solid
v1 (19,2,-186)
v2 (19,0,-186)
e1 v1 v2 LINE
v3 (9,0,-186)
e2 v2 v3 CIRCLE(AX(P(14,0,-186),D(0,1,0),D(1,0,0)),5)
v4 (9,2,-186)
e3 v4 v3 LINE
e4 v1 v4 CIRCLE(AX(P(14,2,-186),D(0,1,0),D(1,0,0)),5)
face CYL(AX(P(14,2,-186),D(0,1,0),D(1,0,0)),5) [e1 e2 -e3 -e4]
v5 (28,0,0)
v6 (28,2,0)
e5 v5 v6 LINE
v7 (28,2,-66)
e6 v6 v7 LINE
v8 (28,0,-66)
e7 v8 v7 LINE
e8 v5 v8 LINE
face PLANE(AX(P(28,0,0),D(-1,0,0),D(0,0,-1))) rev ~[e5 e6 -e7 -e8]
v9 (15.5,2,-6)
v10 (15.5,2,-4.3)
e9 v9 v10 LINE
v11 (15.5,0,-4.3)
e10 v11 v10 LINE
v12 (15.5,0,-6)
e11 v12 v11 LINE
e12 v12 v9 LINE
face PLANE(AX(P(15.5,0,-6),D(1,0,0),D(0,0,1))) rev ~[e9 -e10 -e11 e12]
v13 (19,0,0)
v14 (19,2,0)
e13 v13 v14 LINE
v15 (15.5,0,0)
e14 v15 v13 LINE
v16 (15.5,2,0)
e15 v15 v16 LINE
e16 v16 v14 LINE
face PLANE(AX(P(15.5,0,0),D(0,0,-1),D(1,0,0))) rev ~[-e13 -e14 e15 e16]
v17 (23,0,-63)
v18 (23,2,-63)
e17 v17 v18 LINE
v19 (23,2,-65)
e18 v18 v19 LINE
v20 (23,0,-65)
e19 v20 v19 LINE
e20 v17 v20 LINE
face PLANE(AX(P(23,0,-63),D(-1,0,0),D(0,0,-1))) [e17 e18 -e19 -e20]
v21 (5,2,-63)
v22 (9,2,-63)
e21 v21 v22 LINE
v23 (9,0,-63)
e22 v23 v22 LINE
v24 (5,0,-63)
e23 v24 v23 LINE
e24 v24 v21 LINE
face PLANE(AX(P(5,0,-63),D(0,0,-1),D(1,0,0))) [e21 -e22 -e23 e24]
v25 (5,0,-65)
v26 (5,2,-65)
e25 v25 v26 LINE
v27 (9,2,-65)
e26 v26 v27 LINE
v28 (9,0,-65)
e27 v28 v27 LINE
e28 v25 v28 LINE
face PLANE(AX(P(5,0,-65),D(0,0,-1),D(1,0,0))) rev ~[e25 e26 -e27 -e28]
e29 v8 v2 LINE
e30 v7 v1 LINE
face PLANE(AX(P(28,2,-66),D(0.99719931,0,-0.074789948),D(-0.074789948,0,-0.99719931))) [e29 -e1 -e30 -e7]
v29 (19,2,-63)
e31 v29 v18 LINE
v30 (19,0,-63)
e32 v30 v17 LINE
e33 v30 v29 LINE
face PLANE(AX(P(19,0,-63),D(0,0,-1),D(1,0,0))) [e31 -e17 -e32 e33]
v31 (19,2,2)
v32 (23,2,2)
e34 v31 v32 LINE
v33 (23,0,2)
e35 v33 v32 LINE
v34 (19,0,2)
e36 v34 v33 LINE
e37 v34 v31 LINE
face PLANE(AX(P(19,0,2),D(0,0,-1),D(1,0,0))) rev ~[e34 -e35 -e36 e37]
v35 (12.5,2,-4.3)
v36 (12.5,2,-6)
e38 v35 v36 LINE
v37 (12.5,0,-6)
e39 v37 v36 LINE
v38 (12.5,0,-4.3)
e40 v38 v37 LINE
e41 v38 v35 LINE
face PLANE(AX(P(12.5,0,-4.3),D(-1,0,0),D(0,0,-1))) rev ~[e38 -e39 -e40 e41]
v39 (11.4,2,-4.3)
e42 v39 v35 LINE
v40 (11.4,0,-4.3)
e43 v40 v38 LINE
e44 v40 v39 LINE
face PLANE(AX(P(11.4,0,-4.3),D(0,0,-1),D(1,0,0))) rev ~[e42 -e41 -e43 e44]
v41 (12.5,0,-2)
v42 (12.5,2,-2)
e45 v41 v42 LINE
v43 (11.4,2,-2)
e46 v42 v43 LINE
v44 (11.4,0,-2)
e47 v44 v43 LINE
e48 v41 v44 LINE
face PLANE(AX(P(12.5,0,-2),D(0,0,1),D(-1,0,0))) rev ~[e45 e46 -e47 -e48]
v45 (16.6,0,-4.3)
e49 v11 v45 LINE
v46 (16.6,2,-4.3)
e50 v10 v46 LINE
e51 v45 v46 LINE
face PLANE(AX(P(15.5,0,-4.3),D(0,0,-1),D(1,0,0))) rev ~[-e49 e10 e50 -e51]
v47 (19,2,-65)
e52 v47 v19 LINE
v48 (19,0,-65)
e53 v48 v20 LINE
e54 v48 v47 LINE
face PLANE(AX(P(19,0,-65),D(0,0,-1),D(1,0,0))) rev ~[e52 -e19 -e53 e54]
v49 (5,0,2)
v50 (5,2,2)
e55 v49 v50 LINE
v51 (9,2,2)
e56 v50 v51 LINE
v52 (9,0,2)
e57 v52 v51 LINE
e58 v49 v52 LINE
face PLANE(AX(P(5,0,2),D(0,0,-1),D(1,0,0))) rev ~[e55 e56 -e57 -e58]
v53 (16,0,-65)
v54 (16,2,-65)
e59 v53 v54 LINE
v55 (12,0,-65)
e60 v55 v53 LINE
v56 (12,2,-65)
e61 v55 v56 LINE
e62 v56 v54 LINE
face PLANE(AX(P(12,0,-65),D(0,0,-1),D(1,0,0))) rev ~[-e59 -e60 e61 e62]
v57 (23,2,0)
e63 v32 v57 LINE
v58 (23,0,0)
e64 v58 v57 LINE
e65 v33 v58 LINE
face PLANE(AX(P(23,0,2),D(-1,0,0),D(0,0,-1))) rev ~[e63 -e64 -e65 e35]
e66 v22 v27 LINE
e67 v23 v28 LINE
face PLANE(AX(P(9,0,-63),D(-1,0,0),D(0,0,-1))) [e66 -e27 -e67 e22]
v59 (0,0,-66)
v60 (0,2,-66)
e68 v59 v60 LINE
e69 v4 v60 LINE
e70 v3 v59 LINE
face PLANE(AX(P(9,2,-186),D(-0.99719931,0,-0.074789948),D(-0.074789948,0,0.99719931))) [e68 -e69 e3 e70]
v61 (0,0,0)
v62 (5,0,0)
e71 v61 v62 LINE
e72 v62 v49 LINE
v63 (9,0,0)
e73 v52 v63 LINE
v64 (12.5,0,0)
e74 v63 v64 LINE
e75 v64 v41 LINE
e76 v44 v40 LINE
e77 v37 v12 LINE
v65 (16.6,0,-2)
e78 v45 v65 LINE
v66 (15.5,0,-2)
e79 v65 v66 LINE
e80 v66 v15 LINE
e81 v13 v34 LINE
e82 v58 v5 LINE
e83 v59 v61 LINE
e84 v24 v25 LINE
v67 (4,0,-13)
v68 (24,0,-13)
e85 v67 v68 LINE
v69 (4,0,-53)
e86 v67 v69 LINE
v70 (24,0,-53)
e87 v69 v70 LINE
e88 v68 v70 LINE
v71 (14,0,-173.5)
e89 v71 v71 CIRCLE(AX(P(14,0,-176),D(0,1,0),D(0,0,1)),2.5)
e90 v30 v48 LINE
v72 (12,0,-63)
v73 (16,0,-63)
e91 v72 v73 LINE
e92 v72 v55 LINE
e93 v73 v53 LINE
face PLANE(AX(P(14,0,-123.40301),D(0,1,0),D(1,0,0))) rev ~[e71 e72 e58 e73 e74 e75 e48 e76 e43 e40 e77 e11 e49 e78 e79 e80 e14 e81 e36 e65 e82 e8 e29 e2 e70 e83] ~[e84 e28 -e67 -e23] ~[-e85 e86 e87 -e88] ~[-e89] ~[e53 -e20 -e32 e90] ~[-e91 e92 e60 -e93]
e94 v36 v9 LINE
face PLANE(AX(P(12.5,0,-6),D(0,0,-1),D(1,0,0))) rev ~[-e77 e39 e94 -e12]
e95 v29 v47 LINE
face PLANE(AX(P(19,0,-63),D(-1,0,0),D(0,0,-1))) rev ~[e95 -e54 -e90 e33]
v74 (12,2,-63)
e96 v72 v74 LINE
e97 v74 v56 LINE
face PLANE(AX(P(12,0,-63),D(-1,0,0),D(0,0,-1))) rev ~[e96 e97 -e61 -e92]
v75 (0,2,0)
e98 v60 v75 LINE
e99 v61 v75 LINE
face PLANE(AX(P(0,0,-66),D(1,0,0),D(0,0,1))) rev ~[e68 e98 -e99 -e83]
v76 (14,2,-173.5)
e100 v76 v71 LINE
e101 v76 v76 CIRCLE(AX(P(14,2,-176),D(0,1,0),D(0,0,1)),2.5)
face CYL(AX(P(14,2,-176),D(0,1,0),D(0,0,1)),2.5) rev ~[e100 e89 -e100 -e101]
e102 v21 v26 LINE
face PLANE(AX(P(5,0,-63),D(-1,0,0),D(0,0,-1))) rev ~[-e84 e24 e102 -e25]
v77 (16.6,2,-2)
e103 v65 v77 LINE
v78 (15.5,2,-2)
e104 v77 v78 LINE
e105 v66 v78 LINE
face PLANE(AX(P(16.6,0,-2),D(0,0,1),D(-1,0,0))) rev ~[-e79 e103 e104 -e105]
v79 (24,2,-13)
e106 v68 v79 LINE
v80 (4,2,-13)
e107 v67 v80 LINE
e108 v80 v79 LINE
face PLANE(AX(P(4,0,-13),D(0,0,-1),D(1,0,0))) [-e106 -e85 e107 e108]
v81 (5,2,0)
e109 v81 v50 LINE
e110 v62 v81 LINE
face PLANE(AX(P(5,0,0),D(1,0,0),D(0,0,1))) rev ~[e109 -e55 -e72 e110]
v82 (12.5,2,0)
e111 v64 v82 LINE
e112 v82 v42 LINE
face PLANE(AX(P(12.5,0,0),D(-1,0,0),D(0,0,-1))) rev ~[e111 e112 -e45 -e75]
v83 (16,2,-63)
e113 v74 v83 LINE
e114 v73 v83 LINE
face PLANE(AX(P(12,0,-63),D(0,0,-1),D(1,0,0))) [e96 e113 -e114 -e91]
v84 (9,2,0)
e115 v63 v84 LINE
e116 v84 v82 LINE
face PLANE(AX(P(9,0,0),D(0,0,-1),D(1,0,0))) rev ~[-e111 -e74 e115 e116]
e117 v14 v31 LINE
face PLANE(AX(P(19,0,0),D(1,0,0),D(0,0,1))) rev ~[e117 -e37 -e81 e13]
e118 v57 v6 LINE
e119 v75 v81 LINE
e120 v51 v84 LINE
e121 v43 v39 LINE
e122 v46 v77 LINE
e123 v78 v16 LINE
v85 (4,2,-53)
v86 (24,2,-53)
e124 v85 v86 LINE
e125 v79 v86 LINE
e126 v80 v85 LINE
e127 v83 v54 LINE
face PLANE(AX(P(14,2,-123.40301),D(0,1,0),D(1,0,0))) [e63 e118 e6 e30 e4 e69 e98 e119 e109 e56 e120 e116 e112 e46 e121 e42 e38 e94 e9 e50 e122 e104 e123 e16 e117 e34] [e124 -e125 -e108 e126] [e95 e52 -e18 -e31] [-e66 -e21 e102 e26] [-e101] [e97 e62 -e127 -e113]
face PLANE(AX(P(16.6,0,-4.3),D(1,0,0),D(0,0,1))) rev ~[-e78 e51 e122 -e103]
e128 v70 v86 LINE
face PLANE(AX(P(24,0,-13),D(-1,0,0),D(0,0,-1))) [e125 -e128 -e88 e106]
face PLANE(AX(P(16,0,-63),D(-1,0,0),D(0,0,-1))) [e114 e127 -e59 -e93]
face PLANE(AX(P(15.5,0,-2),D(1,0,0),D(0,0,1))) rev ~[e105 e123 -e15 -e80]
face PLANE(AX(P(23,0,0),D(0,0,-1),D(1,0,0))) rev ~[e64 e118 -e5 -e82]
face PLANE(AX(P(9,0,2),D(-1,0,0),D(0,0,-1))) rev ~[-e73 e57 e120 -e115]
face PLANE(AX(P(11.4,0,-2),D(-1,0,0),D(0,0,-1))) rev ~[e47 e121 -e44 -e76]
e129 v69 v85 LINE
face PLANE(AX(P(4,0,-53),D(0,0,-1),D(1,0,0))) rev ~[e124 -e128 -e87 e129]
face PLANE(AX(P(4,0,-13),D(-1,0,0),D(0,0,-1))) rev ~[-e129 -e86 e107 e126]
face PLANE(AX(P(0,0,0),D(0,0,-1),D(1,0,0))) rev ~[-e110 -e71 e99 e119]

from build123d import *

# Parameters (mm, degrees)
SKETCH1_W           = 20
SKETCH1_H           = 40
SKETCH1_W_2         = 4
SKETCH1_H_2         = 2
BOSS_EXTRUDE1_DEPTH = 2
SKETCH2_R           = 2.5
BOSS_EXTRUDE2_DEPTH = 2


with BuildPart() as part:
    # Sketch1 → Boss-Extrude1 (new body)
    with BuildSketch(Plane(origin=(0, 0, 0), x_dir=(1, 0, 0), z_dir=(0, 1, 0))):
        Polygon((0, 0), (5, 0), (5, -2), (9, -2), (9, 0), (12.5, 0), (12.5, 2), (11.4, 2), (11.4, 4.3), (12.5, 4.3), (12.5, 6), (15.5, 6), (15.5, 4.3), (16.6, 4.3), (16.6, 2), (15.5, 2), (15.5, 0), (19, 0), (19, -2), (23, -2), (23, 0), (28, 0), (28, 66), (0, 66), align=None)
        with Locations((14, 33)):
            Rectangle(SKETCH1_W, SKETCH1_H, mode=Mode.SUBTRACT)
        with Locations((7, 64)):
            Rectangle(SKETCH1_W_2, SKETCH1_H_2, mode=Mode.SUBTRACT)
        with Locations((21, 64)):
            Rectangle(SKETCH1_W_2, SKETCH1_H_2, mode=Mode.SUBTRACT)
        with Locations((14, 64)):
            Rectangle(SKETCH1_W_2, SKETCH1_H_2, mode=Mode.SUBTRACT)
    extrude(amount=BOSS_EXTRUDE1_DEPTH)

    # Sketch2 → Boss-Extrude2 (add)
    with BuildSketch(Plane(origin=(0, 2, 0), x_dir=(1, 0, 0), z_dir=(0, 1, 0))):
        with BuildLine():
            Line((28, 66), (19, 186))
            ThreePointArc((19, 186), (14, 191), (9, 186))
            Line((9, 186), (0, 66))
            Line((0, 66), (28, 66))
        make_face()
        with Locations(Location((14, 176, 0), (0, 0, 270))):
            Circle(SKETCH2_R, mode=Mode.SUBTRACT)
    extrude(amount=-BOSS_EXTRUDE2_DEPTH)


solid = part.part
